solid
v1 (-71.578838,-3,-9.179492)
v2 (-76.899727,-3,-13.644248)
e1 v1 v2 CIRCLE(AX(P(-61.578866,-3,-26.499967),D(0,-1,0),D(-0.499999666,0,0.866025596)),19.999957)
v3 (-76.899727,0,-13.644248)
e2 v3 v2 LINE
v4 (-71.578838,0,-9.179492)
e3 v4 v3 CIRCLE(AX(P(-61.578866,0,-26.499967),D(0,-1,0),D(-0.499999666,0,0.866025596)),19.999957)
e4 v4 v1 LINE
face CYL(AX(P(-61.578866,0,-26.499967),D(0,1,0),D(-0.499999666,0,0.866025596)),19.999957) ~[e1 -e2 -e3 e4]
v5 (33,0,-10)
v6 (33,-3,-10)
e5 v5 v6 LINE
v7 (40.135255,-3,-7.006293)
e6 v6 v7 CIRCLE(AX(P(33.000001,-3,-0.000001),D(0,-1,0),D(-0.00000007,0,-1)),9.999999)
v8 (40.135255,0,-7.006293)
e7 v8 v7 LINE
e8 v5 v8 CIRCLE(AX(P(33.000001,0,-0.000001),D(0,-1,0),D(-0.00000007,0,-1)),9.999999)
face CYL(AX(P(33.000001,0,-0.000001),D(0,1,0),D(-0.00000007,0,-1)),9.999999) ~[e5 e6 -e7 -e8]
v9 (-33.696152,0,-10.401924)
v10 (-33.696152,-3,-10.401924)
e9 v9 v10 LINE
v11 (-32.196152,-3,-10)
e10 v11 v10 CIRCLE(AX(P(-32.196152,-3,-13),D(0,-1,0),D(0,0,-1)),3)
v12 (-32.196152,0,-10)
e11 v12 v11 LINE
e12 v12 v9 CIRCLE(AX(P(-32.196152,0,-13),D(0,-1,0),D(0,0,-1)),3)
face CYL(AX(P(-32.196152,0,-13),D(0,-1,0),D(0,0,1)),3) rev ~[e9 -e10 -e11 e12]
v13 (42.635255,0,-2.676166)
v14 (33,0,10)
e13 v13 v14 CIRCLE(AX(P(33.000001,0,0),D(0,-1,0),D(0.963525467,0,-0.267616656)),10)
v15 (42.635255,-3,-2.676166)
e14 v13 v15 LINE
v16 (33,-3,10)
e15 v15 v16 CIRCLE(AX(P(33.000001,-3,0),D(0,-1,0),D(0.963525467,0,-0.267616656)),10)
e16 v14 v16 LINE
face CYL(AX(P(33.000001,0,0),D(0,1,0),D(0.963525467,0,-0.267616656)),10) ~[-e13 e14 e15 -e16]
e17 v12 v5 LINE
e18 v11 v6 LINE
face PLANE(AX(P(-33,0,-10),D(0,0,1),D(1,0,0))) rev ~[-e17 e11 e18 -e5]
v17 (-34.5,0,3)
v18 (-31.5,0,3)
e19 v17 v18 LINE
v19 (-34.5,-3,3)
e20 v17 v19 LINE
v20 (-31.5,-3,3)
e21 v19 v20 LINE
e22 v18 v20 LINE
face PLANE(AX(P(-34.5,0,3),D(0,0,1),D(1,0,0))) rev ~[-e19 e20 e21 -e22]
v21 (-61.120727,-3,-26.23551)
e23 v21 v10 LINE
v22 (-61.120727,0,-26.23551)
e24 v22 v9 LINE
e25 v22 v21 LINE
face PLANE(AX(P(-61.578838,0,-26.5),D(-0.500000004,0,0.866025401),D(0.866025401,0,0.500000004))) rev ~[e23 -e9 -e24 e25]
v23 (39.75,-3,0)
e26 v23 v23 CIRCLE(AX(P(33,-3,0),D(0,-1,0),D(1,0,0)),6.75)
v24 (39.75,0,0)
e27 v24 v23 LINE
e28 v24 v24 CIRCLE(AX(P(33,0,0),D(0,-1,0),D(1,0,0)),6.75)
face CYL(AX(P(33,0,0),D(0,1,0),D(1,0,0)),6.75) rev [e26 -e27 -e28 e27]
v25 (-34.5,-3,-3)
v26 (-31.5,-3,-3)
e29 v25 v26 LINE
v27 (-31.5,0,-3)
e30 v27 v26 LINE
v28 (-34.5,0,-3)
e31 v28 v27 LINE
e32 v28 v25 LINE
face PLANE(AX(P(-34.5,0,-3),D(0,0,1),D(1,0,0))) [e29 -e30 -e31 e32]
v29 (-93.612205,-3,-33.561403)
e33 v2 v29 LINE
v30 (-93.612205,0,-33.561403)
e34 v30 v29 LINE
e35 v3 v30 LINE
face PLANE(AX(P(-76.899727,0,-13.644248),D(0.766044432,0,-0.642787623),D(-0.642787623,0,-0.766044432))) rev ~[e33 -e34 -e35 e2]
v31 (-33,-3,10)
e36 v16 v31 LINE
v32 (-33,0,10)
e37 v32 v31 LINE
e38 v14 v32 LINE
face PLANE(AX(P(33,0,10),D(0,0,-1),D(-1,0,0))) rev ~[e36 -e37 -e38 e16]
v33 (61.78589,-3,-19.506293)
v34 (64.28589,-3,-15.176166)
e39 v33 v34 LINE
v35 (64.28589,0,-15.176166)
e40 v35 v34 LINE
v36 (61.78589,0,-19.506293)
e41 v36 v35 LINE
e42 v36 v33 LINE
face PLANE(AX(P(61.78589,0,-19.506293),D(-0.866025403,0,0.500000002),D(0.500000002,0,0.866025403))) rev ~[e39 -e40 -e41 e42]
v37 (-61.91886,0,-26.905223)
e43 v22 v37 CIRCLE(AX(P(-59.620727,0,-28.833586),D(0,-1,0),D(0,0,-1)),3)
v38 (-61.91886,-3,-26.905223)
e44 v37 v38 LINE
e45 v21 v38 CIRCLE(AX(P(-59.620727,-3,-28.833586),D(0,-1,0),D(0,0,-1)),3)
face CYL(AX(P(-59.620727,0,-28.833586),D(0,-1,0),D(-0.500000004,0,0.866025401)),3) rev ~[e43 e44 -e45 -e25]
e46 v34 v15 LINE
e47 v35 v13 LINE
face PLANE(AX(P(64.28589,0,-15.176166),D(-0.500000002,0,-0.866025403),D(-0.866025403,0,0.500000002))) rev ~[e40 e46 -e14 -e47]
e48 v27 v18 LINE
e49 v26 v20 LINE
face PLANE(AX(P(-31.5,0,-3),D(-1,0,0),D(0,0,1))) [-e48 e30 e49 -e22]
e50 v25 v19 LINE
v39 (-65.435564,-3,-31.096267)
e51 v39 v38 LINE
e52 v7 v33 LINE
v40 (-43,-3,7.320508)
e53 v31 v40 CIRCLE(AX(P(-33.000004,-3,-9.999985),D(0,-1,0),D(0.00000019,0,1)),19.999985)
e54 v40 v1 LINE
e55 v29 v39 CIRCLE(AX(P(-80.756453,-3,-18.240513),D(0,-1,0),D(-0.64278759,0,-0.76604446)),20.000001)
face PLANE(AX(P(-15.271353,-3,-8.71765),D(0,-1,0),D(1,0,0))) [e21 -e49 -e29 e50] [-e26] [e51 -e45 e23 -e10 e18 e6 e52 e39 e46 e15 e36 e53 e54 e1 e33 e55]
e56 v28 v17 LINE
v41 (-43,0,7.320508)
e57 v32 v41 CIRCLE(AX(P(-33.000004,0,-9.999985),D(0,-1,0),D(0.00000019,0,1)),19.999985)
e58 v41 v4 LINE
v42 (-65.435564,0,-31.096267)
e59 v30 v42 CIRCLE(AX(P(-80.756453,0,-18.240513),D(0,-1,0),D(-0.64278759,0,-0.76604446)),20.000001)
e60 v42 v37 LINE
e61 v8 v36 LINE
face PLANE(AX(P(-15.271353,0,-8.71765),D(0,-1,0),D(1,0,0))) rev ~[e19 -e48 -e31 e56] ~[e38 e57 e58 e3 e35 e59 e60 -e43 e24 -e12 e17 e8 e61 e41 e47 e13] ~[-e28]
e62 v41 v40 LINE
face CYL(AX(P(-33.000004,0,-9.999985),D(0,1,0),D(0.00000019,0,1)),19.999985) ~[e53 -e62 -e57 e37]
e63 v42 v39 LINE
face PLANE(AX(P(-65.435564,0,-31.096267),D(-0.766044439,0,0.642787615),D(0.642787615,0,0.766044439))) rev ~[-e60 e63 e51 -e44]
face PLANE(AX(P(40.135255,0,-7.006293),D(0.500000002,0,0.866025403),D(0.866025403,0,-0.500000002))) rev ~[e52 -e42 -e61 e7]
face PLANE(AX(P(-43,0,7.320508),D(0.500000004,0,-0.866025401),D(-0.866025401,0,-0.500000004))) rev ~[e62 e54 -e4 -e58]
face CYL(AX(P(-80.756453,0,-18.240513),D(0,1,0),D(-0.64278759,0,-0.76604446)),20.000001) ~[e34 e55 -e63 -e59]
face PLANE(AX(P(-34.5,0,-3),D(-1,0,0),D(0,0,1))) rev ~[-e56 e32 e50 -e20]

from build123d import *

# Parameters (mm, degrees)
F0_W     = 3
F0_H     = 6
F0_R     = 6.75
F1_DEPTH = 3
F2_R     = 3


with BuildPart() as f1:
    # F0 (on Front) → F1 (new body)
    with BuildSketch(Plane.XZ):
        with BuildLine():
            Line((-33, -10), (33, -10))
            ThreePointArc((33, -10), (36.868919, -9.221251), (40.135255, -7.006293))
            Line((40.135255, -7.006293), (61.78589, -19.506293))
            Line((61.78589, -19.506293), (64.28589, -15.176166))
            Line((64.28589, -15.176166), (42.635255, -2.676166))
            ThreePointArc((42.635255, -2.676166), (40.961208, 6.051378), (33, 10))
            Line((33, 10), (-33, 10))
            ThreePointArc((-33, 10), (-38.176381, 9.318517), (-43, 7.320508))
            Line((-43, 7.320508), (-71.578838, -9.179492))
            ThreePointArc((-71.578838, -9.179492), (-74.434591, -11.179111), (-76.899727, -13.644248))
            Line((-76.899727, -13.644248), (-93.612205, -33.561403))
            ThreePointArc((-93.612205, -33.561403), (-79.013338, -38.164408), (-65.435564, -31.096267))
            Line((-65.435564, -31.096267), (-61.578838, -26.5))
            Line((-61.578838, -26.5), (-33, -10))
        make_face()
        with Locations((-33, 0)):
            Rectangle(F0_W, F0_H, mode=Mode.SUBTRACT)
        with Locations((33, 0)):
            Circle(F0_R, mode=Mode.SUBTRACT)
    extrude(amount=F1_DEPTH)

    # F2
    f2_edges = [f1.edges().sort_by_distance(p)[0] for p in [
        (-33, -1.5, -10),
        (-61.578838, -1.5, -26.5),
    ]]
    fillet(f2_edges, radius=F2_R)


solid = f1.part
